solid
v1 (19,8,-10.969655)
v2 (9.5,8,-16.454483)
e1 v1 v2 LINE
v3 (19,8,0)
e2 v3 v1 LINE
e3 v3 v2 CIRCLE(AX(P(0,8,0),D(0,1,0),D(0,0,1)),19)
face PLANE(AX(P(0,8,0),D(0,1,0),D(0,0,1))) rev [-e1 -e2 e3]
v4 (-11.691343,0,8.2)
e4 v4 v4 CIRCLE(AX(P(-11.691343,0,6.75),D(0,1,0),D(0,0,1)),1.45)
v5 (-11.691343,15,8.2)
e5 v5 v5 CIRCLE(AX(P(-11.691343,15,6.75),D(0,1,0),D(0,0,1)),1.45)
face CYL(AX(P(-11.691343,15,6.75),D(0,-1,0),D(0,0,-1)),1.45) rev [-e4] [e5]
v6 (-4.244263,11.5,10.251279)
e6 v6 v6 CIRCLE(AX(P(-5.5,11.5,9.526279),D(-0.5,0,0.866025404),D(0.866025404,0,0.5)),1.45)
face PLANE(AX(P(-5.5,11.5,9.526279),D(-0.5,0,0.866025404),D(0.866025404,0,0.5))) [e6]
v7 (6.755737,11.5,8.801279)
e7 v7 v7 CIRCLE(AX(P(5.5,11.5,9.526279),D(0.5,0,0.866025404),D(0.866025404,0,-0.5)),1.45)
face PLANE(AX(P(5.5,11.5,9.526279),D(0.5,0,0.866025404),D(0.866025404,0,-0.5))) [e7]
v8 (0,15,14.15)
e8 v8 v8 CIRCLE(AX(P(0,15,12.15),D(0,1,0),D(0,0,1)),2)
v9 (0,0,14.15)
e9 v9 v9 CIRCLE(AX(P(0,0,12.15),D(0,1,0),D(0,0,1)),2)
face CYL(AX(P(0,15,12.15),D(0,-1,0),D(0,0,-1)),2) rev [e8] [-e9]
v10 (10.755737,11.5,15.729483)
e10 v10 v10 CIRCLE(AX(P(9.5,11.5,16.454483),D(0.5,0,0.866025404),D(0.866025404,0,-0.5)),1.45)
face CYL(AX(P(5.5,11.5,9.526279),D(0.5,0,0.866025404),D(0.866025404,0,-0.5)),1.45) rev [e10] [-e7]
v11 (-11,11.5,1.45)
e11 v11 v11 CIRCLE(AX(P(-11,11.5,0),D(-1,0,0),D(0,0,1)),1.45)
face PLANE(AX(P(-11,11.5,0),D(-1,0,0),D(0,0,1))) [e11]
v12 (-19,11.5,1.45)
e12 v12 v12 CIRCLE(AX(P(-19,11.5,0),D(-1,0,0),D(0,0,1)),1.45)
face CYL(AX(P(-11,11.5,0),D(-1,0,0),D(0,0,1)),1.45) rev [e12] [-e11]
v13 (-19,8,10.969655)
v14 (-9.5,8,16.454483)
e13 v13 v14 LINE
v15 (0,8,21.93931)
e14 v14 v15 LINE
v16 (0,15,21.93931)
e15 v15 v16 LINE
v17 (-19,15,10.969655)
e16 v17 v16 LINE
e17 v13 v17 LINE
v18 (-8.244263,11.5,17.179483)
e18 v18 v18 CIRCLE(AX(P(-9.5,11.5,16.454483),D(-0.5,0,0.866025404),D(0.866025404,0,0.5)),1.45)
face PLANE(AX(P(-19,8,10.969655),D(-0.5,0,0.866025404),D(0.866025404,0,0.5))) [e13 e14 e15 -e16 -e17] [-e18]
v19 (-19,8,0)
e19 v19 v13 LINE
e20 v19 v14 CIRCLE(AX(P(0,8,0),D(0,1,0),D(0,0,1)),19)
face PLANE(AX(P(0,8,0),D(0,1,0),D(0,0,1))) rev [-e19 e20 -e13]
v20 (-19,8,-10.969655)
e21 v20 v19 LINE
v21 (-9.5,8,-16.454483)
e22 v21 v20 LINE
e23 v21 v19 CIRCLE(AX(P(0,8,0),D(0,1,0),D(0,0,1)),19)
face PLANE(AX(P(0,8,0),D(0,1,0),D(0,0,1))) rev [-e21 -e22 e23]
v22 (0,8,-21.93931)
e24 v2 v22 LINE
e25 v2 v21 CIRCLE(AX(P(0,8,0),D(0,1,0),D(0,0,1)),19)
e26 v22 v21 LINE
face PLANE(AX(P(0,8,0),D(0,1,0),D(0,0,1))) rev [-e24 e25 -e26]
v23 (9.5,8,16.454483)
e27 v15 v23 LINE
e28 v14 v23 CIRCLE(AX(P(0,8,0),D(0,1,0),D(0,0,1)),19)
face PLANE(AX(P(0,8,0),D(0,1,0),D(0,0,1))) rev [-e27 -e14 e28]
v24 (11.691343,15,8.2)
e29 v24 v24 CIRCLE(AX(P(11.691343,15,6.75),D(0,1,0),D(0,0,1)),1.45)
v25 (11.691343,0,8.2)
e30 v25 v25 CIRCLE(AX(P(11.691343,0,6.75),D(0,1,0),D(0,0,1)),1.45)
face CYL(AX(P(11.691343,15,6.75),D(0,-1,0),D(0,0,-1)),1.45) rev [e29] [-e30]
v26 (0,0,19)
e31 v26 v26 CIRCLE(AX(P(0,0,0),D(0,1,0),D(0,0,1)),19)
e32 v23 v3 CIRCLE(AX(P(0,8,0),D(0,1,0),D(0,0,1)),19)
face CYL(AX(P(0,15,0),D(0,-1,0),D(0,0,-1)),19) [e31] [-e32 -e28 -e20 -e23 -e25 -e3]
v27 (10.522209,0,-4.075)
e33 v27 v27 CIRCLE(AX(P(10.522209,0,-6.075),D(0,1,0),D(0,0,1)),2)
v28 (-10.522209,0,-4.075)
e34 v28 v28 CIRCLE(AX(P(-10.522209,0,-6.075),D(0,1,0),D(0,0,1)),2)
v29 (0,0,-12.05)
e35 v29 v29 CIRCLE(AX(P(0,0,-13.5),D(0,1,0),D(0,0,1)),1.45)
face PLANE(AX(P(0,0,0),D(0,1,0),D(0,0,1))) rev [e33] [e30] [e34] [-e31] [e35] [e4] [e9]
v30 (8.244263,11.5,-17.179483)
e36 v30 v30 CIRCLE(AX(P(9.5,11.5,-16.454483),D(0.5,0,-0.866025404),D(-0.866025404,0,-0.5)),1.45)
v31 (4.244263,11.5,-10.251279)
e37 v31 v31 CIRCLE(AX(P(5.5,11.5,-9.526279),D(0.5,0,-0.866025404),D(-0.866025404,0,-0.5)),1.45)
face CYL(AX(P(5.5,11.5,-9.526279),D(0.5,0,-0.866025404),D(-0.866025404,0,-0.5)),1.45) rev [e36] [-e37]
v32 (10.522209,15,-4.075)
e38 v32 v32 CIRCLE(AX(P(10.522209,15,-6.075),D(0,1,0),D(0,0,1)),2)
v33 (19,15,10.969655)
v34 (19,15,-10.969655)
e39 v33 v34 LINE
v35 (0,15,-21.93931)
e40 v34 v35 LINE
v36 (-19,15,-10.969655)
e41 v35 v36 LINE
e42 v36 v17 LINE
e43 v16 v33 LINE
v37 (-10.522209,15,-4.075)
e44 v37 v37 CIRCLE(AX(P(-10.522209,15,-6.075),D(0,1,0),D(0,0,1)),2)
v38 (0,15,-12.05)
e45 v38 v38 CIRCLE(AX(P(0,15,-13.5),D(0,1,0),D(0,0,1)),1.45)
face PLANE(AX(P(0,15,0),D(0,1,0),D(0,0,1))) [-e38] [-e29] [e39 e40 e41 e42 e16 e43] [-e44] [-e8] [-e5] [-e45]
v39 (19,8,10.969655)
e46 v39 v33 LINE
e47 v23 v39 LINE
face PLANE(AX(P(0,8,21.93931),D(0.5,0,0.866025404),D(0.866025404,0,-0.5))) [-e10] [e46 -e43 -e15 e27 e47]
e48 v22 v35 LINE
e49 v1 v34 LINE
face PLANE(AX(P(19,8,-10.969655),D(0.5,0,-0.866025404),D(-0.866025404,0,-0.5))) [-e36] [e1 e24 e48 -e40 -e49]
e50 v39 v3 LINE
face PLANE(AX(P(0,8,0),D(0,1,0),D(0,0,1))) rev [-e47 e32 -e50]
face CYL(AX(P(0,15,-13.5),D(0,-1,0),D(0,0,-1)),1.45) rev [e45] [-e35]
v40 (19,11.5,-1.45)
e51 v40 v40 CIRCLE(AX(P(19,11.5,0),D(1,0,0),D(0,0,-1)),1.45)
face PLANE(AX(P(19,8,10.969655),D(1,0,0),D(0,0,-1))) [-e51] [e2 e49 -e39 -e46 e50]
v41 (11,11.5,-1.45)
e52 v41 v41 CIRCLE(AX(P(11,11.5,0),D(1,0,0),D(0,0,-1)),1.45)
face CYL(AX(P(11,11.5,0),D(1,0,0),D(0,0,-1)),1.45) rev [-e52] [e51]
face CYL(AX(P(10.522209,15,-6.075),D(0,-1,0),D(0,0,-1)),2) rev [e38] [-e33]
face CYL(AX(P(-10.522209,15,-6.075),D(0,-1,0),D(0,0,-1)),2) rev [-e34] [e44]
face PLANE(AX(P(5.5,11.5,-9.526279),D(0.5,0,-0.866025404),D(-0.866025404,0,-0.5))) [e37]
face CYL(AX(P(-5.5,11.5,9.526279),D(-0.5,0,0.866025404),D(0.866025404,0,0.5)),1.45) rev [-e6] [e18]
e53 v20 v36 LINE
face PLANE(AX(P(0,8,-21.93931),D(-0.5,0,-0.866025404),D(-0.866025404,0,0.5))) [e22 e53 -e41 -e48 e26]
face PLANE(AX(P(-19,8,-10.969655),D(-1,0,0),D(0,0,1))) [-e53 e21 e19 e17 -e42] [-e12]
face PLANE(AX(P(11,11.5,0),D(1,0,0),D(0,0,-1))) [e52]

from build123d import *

# Parameters (mm, degrees)
SKETCH_1_R          = 19
SKETCH_1_R_2        = 1.45
SKETCH_1_R_3        = 2
EXTRUDE_1_DEPTH     = 15
SKETCH_2_R          = 1.45
SKETCH_2_R_2        = 2
EXTRUDE_2_DEPTH     = 7
SKETCH_3_R          = 1.45
CUT_EXTRUDE_1_DEPTH = 8
SKETCH_4_R          = 1.45
CUT_EXTRUDE_2_DEPTH = 8
SKETCH_5_R          = 1.45
CUT_EXTRUDE_3_DEPTH = 8
SKETCH_6_R          = 1.45
CUT_EXTRUDE_4_DEPTH = 8
SKETCH_7_R          = 1.45
CUT_EXTRUDE_5_DEPTH = 8


with BuildPart() as part:
    # 草图1 → 凸台-拉伸1 (new body)
    with BuildSketch(Plane(origin=(0, 0, 0), x_dir=(1, 0, 0), z_dir=(0, 1, 0))):
        Circle(SKETCH_1_R)
        with Locations((0, 13.5)):
            Circle(SKETCH_1_R_2, mode=Mode.SUBTRACT)
        with Locations((-11.691342951, -6.75)):
            Circle(SKETCH_1_R_2, mode=Mode.SUBTRACT)
        with Locations((11.691342951, -6.75)):
            Circle(SKETCH_1_R_2, mode=Mode.SUBTRACT)
        with Locations((-10.522208656, 6.075)):
            Circle(SKETCH_1_R_3, mode=Mode.SUBTRACT)
        with Locations((0, -12.15)):
            Circle(SKETCH_1_R_3, mode=Mode.SUBTRACT)
        with Locations((10.522208656, 6.075)):
            Circle(SKETCH_1_R_3, mode=Mode.SUBTRACT)
    extrude(amount=EXTRUDE_1_DEPTH)

    # 草图2 → 凸台-拉伸2 (add)
    with BuildSketch(Plane(origin=(0, 15, 0), x_dir=(1, 0, 0), z_dir=(0, 1, 0))):
        Polygon((0, 21.939310229), (-19, 10.969655115), (-19, -10.969655115), (0, -21.939310229), (19, -10.969655115), (19, 10.969655115), align=None)
        with Locations((0, 13.5)):
            Circle(SKETCH_2_R, mode=Mode.SUBTRACT)
        with Locations((-10.522208656, 6.075)):
            Circle(SKETCH_2_R_2, mode=Mode.SUBTRACT)
        with Locations((10.522208656, 6.075)):
            Circle(SKETCH_2_R_2, mode=Mode.SUBTRACT)
        with Locations((-11.691342951, -6.75)):
            Circle(SKETCH_2_R, mode=Mode.SUBTRACT)
        with Locations((0, -12.15)):
            Circle(SKETCH_2_R_2, mode=Mode.SUBTRACT)
        with Locations((11.691342951, -6.75)):
            Circle(SKETCH_2_R, mode=Mode.SUBTRACT)
    extrude(amount=-EXTRUDE_2_DEPTH)

    # 草图3 → 切除-拉伸1 (cut)
    with BuildSketch(Plane(origin=(9.5, 0, 16.454482672), x_dir=(0.866025404, 0, -0.5), z_dir=(0.5, 0, 0.866025404))):
        with Locations((0, 11.5)):
            Circle(SKETCH_3_R)
    extrude(amount=-CUT_EXTRUDE_1_DEPTH, mode=Mode.SUBTRACT)

    # 草图4 → 切除-拉伸2 (cut)
    with BuildSketch(Plane(origin=(-9.5, 0, 16.454482672), x_dir=(0.866025404, 0, 0.5), z_dir=(-0.5, 0, 0.866025404))):
        with Locations((0, 11.5)):
            Circle(SKETCH_4_R)
    extrude(amount=-CUT_EXTRUDE_2_DEPTH, mode=Mode.SUBTRACT)

    # 草图5 → 切除-拉伸3 (cut)
    with BuildSketch(Plane.ZY.offset(19)):
        with Locations((0, 11.5)):
            Circle(SKETCH_5_R)
    extrude(amount=-CUT_EXTRUDE_3_DEPTH, mode=Mode.SUBTRACT)

    # 草图6 → 切除-拉伸4 (cut)
    with BuildSketch(Plane(origin=(19, 0, 0), x_dir=(0, 0, -1), z_dir=(1, 0, 0))):
        with Locations((0, 11.5)):
            Circle(SKETCH_6_R)
    extrude(amount=-CUT_EXTRUDE_4_DEPTH, mode=Mode.SUBTRACT)

    # 草图7 → 切除-拉伸5 (cut)
    with BuildSketch(Plane(origin=(9.5, 0, -16.454482672), x_dir=(-0.866025404, 0, -0.5), z_dir=(0.5, 0, -0.866025404))):
        with Locations((0, 11.5)):
            Circle(SKETCH_7_R)
    extrude(amount=-CUT_EXTRUDE_5_DEPTH, mode=Mode.SUBTRACT)


solid = part.part
